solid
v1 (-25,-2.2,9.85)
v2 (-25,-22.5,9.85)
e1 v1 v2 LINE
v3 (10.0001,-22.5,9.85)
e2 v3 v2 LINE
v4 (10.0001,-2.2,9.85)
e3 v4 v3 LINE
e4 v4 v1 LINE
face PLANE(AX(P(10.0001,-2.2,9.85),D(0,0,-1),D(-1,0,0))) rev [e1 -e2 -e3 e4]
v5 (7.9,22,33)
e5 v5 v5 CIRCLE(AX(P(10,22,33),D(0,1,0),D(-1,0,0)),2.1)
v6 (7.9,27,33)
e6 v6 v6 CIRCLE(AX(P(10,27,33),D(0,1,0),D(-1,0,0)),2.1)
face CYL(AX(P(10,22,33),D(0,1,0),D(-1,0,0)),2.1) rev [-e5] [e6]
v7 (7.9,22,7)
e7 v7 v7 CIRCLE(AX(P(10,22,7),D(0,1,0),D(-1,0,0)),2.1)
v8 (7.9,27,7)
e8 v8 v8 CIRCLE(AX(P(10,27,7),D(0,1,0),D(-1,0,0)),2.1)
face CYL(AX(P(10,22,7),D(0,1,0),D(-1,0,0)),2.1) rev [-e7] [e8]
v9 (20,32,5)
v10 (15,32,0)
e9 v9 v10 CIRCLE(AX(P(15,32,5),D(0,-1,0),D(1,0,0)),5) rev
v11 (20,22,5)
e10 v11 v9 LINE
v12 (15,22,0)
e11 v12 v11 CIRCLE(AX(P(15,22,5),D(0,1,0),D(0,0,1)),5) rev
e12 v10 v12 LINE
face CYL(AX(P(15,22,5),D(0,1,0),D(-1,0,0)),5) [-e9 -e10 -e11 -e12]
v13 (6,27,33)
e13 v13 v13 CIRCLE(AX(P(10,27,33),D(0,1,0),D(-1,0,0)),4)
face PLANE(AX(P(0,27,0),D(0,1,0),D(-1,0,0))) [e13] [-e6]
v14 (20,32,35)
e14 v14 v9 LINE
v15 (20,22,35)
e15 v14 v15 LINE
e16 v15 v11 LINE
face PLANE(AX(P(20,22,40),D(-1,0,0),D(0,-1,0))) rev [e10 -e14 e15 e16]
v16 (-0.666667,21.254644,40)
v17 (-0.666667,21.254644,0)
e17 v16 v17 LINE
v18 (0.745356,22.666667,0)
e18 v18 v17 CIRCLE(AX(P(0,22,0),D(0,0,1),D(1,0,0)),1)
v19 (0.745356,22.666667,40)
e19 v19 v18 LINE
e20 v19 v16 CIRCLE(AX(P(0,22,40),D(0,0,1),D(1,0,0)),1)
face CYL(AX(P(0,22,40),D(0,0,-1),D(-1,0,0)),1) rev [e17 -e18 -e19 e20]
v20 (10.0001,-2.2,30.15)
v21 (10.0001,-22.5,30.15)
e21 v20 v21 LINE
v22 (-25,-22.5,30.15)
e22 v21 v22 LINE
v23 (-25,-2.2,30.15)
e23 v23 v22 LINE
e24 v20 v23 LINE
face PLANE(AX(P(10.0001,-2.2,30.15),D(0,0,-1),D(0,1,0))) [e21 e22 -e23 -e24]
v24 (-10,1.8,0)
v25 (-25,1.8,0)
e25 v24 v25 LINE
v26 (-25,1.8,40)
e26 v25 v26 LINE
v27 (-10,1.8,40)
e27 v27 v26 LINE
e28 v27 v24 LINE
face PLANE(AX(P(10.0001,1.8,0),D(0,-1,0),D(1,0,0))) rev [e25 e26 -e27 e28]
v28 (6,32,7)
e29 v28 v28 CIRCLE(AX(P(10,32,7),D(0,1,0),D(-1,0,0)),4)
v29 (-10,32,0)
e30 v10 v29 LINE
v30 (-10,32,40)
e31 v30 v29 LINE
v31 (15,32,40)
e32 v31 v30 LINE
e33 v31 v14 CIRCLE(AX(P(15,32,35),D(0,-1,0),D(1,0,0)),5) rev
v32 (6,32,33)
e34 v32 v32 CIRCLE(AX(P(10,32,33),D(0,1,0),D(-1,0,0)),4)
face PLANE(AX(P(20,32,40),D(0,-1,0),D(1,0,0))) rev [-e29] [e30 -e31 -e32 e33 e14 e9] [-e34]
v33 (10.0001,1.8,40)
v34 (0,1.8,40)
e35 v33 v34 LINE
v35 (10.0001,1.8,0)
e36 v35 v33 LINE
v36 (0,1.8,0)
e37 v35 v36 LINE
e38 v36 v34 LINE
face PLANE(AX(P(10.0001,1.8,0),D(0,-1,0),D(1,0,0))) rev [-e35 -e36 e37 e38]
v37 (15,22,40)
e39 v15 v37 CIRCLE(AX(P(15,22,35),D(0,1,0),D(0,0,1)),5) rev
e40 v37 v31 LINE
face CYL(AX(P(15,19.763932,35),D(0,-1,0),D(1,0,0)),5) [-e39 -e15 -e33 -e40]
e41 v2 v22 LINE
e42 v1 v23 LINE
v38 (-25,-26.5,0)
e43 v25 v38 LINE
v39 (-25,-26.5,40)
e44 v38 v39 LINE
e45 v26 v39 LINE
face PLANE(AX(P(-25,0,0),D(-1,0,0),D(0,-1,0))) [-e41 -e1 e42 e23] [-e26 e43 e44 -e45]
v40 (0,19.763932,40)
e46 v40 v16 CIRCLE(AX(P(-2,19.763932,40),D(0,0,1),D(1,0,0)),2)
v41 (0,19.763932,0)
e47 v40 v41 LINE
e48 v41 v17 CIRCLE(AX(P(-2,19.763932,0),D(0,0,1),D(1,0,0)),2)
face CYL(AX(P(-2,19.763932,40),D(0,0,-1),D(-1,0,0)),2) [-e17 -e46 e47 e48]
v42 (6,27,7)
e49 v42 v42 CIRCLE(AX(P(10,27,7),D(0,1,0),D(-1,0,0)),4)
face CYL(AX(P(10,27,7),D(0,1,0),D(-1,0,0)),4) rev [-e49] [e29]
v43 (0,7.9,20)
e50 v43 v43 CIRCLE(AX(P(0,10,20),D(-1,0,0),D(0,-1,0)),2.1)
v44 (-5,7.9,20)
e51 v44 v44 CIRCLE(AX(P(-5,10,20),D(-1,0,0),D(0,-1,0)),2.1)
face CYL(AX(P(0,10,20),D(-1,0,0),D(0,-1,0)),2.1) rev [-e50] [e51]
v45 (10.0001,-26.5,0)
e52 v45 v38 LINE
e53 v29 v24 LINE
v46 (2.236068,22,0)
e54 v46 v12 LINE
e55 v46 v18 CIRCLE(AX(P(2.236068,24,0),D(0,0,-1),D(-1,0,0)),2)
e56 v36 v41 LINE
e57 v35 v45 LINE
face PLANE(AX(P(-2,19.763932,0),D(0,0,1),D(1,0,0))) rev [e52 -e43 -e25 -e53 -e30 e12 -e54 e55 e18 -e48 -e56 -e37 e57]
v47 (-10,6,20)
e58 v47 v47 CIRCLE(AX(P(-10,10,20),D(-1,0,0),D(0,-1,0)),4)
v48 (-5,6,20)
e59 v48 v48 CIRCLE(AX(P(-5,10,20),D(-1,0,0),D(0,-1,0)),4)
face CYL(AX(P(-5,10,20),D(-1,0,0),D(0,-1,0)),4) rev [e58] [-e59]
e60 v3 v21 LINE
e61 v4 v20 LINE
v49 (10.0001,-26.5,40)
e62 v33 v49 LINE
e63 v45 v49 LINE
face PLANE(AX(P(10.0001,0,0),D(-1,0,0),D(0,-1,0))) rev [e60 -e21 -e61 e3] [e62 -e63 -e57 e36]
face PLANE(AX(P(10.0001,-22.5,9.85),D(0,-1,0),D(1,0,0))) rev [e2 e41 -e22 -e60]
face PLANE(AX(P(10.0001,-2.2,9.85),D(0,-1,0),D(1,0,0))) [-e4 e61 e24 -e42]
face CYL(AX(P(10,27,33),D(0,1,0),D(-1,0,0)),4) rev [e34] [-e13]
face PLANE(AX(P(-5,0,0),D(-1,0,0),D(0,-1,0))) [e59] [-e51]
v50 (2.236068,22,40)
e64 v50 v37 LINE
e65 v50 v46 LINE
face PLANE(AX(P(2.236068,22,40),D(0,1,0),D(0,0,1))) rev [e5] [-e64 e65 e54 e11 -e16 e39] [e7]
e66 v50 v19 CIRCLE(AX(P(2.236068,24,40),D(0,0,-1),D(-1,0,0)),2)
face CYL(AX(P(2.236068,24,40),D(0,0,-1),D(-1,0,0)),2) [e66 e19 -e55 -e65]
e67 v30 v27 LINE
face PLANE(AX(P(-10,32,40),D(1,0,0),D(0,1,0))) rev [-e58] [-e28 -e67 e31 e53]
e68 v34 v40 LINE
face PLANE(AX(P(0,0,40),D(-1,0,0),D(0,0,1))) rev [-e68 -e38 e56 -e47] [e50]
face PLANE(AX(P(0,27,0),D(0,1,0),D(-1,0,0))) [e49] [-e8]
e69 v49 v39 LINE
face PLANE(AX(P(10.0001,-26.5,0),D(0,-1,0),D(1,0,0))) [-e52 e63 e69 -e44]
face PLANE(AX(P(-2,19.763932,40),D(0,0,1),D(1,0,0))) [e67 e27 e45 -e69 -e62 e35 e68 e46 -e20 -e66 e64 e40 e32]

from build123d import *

# Parameters (mm, degrees)
DODANIE_WYCI_GNI_CIE1_DEPTH = 40
SZKIC7_R                    = 4
WYTNIJ_WYCI_GNI_CIE2_DEPTH  = 5
SZKIC8_R                    = 2.1
WYTNIJ_WYCI_GNI_CIE3_DEPTH  = 5
SZKIC9_R                    = 4
WYTNIJ_WYCI_GNI_CIE4_DEPTH  = 5
SZKIC10_R                   = 2.1
WYTNIJ_WYCI_GNI_CIE5_DEPTH  = 5
ZAOKR_GLENIE1_R             = 5
BOSS_EXTRUDE1_DEPTH         = 15
BOSS_EXTRUDE1_DEPTH_BACK    = 20.0001
SKETCH1_W                   = 40
SKETCH1_H                   = 28.3
SKETCH1_W_2                 = 20.3
SKETCH1_H_2                 = 20.3


with BuildPart() as part:
    # Szkic1 → Dodanie-wyciągnięcie1 (new body)
    with BuildSketch(Plane.XY):
        with BuildLine():
            Line((0, 0), (0, 19.763932023))
            ThreePointArc((0, 19.763932023), (-0.174258142, 20.580428603), (-0.666666667, 21.254644008))
            ThreePointArc((-0.666666667, 21.254644008), (-0.707106781, 22.707106781), (0.745355992, 22.666666667))
            ThreePointArc((0.745355992, 22.666666667), (1.419571397, 22.174258142), (2.236067977, 22))
            Line((2.236067977, 22), (20, 22))
            Line((20, 22), (20, 32))
            Line((20, 32), (-10, 32))
            Line((-10, 32), (-10, 0))
            Line((-10, 0), (0, 0))
        make_face()
    extrude(amount=DODANIE_WYCI_GNI_CIE1_DEPTH)

    # Szkic7 → Wytnij-wyciągnięcie2 (cut)
    with BuildSketch(Plane.ZY.offset(10)):
        with Locations(Location((20, 10, 0), (0, 0, 270))):
            Circle(SZKIC7_R)
    extrude(amount=-WYTNIJ_WYCI_GNI_CIE2_DEPTH, mode=Mode.SUBTRACT)

    # Szkic8 → Wytnij-wyciągnięcie3 (cut)
    with BuildSketch(Plane.ZY.offset(5)):
        with Locations(Location((20, 10, 0), (0, 0, 270))):
            Circle(SZKIC8_R)
    extrude(amount=-WYTNIJ_WYCI_GNI_CIE3_DEPTH, mode=Mode.SUBTRACT)

    # Szkic9 → Wytnij-wyciągnięcie4 (cut)
    with BuildSketch(Plane(origin=(0, 32, 0), x_dir=(1, 0, 0), z_dir=(0, 1, 0))):
        with Locations(Location((10, -33, 0), (0, 0, 180))):
            Circle(SZKIC9_R)
        with Locations(Location((10, -7, 0), (0, 0, 180))):
            Circle(SZKIC9_R)
    extrude(amount=-WYTNIJ_WYCI_GNI_CIE4_DEPTH, mode=Mode.SUBTRACT)

    # Szkic10 → Wytnij-wyciągnięcie5 (cut)
    with BuildSketch(Plane(origin=(0, 27, 0), x_dir=(1, 0, 0), z_dir=(0, 1, 0))):
        with Locations(Location((10, -33, 0), (0, 0, 180))):
            Circle(SZKIC10_R)
        with Locations(Location((10, -7, 0), (0, 0, 180))):
            Circle(SZKIC10_R)
    extrude(amount=-WYTNIJ_WYCI_GNI_CIE5_DEPTH, mode=Mode.SUBTRACT)

    # Zaokrąglenie1
    zaokr_glenie1_edges = [part.edges().sort_by_distance(p)[0] for p in [
        (20, 27, 0),
        (20, 27, 40),
    ]]
    fillet(zaokr_glenie1_edges, radius=ZAOKR_GLENIE1_R)

    # Sketch1 → Boss-Extrude1 (add, two sides: drawn at the far end of the back side and taken through both)
    with BuildSketch(Plane.ZY.offset(10).offset(-BOSS_EXTRUDE1_DEPTH_BACK)):
        with Locations((20, -12.35)):
            Rectangle(SKETCH1_W, SKETCH1_H)
        with Locations((20, -12.35)):
            Rectangle(SKETCH1_W_2, SKETCH1_H_2, mode=Mode.SUBTRACT)
    extrude(amount=BOSS_EXTRUDE1_DEPTH + BOSS_EXTRUDE1_DEPTH_BACK)


solid = part.part
